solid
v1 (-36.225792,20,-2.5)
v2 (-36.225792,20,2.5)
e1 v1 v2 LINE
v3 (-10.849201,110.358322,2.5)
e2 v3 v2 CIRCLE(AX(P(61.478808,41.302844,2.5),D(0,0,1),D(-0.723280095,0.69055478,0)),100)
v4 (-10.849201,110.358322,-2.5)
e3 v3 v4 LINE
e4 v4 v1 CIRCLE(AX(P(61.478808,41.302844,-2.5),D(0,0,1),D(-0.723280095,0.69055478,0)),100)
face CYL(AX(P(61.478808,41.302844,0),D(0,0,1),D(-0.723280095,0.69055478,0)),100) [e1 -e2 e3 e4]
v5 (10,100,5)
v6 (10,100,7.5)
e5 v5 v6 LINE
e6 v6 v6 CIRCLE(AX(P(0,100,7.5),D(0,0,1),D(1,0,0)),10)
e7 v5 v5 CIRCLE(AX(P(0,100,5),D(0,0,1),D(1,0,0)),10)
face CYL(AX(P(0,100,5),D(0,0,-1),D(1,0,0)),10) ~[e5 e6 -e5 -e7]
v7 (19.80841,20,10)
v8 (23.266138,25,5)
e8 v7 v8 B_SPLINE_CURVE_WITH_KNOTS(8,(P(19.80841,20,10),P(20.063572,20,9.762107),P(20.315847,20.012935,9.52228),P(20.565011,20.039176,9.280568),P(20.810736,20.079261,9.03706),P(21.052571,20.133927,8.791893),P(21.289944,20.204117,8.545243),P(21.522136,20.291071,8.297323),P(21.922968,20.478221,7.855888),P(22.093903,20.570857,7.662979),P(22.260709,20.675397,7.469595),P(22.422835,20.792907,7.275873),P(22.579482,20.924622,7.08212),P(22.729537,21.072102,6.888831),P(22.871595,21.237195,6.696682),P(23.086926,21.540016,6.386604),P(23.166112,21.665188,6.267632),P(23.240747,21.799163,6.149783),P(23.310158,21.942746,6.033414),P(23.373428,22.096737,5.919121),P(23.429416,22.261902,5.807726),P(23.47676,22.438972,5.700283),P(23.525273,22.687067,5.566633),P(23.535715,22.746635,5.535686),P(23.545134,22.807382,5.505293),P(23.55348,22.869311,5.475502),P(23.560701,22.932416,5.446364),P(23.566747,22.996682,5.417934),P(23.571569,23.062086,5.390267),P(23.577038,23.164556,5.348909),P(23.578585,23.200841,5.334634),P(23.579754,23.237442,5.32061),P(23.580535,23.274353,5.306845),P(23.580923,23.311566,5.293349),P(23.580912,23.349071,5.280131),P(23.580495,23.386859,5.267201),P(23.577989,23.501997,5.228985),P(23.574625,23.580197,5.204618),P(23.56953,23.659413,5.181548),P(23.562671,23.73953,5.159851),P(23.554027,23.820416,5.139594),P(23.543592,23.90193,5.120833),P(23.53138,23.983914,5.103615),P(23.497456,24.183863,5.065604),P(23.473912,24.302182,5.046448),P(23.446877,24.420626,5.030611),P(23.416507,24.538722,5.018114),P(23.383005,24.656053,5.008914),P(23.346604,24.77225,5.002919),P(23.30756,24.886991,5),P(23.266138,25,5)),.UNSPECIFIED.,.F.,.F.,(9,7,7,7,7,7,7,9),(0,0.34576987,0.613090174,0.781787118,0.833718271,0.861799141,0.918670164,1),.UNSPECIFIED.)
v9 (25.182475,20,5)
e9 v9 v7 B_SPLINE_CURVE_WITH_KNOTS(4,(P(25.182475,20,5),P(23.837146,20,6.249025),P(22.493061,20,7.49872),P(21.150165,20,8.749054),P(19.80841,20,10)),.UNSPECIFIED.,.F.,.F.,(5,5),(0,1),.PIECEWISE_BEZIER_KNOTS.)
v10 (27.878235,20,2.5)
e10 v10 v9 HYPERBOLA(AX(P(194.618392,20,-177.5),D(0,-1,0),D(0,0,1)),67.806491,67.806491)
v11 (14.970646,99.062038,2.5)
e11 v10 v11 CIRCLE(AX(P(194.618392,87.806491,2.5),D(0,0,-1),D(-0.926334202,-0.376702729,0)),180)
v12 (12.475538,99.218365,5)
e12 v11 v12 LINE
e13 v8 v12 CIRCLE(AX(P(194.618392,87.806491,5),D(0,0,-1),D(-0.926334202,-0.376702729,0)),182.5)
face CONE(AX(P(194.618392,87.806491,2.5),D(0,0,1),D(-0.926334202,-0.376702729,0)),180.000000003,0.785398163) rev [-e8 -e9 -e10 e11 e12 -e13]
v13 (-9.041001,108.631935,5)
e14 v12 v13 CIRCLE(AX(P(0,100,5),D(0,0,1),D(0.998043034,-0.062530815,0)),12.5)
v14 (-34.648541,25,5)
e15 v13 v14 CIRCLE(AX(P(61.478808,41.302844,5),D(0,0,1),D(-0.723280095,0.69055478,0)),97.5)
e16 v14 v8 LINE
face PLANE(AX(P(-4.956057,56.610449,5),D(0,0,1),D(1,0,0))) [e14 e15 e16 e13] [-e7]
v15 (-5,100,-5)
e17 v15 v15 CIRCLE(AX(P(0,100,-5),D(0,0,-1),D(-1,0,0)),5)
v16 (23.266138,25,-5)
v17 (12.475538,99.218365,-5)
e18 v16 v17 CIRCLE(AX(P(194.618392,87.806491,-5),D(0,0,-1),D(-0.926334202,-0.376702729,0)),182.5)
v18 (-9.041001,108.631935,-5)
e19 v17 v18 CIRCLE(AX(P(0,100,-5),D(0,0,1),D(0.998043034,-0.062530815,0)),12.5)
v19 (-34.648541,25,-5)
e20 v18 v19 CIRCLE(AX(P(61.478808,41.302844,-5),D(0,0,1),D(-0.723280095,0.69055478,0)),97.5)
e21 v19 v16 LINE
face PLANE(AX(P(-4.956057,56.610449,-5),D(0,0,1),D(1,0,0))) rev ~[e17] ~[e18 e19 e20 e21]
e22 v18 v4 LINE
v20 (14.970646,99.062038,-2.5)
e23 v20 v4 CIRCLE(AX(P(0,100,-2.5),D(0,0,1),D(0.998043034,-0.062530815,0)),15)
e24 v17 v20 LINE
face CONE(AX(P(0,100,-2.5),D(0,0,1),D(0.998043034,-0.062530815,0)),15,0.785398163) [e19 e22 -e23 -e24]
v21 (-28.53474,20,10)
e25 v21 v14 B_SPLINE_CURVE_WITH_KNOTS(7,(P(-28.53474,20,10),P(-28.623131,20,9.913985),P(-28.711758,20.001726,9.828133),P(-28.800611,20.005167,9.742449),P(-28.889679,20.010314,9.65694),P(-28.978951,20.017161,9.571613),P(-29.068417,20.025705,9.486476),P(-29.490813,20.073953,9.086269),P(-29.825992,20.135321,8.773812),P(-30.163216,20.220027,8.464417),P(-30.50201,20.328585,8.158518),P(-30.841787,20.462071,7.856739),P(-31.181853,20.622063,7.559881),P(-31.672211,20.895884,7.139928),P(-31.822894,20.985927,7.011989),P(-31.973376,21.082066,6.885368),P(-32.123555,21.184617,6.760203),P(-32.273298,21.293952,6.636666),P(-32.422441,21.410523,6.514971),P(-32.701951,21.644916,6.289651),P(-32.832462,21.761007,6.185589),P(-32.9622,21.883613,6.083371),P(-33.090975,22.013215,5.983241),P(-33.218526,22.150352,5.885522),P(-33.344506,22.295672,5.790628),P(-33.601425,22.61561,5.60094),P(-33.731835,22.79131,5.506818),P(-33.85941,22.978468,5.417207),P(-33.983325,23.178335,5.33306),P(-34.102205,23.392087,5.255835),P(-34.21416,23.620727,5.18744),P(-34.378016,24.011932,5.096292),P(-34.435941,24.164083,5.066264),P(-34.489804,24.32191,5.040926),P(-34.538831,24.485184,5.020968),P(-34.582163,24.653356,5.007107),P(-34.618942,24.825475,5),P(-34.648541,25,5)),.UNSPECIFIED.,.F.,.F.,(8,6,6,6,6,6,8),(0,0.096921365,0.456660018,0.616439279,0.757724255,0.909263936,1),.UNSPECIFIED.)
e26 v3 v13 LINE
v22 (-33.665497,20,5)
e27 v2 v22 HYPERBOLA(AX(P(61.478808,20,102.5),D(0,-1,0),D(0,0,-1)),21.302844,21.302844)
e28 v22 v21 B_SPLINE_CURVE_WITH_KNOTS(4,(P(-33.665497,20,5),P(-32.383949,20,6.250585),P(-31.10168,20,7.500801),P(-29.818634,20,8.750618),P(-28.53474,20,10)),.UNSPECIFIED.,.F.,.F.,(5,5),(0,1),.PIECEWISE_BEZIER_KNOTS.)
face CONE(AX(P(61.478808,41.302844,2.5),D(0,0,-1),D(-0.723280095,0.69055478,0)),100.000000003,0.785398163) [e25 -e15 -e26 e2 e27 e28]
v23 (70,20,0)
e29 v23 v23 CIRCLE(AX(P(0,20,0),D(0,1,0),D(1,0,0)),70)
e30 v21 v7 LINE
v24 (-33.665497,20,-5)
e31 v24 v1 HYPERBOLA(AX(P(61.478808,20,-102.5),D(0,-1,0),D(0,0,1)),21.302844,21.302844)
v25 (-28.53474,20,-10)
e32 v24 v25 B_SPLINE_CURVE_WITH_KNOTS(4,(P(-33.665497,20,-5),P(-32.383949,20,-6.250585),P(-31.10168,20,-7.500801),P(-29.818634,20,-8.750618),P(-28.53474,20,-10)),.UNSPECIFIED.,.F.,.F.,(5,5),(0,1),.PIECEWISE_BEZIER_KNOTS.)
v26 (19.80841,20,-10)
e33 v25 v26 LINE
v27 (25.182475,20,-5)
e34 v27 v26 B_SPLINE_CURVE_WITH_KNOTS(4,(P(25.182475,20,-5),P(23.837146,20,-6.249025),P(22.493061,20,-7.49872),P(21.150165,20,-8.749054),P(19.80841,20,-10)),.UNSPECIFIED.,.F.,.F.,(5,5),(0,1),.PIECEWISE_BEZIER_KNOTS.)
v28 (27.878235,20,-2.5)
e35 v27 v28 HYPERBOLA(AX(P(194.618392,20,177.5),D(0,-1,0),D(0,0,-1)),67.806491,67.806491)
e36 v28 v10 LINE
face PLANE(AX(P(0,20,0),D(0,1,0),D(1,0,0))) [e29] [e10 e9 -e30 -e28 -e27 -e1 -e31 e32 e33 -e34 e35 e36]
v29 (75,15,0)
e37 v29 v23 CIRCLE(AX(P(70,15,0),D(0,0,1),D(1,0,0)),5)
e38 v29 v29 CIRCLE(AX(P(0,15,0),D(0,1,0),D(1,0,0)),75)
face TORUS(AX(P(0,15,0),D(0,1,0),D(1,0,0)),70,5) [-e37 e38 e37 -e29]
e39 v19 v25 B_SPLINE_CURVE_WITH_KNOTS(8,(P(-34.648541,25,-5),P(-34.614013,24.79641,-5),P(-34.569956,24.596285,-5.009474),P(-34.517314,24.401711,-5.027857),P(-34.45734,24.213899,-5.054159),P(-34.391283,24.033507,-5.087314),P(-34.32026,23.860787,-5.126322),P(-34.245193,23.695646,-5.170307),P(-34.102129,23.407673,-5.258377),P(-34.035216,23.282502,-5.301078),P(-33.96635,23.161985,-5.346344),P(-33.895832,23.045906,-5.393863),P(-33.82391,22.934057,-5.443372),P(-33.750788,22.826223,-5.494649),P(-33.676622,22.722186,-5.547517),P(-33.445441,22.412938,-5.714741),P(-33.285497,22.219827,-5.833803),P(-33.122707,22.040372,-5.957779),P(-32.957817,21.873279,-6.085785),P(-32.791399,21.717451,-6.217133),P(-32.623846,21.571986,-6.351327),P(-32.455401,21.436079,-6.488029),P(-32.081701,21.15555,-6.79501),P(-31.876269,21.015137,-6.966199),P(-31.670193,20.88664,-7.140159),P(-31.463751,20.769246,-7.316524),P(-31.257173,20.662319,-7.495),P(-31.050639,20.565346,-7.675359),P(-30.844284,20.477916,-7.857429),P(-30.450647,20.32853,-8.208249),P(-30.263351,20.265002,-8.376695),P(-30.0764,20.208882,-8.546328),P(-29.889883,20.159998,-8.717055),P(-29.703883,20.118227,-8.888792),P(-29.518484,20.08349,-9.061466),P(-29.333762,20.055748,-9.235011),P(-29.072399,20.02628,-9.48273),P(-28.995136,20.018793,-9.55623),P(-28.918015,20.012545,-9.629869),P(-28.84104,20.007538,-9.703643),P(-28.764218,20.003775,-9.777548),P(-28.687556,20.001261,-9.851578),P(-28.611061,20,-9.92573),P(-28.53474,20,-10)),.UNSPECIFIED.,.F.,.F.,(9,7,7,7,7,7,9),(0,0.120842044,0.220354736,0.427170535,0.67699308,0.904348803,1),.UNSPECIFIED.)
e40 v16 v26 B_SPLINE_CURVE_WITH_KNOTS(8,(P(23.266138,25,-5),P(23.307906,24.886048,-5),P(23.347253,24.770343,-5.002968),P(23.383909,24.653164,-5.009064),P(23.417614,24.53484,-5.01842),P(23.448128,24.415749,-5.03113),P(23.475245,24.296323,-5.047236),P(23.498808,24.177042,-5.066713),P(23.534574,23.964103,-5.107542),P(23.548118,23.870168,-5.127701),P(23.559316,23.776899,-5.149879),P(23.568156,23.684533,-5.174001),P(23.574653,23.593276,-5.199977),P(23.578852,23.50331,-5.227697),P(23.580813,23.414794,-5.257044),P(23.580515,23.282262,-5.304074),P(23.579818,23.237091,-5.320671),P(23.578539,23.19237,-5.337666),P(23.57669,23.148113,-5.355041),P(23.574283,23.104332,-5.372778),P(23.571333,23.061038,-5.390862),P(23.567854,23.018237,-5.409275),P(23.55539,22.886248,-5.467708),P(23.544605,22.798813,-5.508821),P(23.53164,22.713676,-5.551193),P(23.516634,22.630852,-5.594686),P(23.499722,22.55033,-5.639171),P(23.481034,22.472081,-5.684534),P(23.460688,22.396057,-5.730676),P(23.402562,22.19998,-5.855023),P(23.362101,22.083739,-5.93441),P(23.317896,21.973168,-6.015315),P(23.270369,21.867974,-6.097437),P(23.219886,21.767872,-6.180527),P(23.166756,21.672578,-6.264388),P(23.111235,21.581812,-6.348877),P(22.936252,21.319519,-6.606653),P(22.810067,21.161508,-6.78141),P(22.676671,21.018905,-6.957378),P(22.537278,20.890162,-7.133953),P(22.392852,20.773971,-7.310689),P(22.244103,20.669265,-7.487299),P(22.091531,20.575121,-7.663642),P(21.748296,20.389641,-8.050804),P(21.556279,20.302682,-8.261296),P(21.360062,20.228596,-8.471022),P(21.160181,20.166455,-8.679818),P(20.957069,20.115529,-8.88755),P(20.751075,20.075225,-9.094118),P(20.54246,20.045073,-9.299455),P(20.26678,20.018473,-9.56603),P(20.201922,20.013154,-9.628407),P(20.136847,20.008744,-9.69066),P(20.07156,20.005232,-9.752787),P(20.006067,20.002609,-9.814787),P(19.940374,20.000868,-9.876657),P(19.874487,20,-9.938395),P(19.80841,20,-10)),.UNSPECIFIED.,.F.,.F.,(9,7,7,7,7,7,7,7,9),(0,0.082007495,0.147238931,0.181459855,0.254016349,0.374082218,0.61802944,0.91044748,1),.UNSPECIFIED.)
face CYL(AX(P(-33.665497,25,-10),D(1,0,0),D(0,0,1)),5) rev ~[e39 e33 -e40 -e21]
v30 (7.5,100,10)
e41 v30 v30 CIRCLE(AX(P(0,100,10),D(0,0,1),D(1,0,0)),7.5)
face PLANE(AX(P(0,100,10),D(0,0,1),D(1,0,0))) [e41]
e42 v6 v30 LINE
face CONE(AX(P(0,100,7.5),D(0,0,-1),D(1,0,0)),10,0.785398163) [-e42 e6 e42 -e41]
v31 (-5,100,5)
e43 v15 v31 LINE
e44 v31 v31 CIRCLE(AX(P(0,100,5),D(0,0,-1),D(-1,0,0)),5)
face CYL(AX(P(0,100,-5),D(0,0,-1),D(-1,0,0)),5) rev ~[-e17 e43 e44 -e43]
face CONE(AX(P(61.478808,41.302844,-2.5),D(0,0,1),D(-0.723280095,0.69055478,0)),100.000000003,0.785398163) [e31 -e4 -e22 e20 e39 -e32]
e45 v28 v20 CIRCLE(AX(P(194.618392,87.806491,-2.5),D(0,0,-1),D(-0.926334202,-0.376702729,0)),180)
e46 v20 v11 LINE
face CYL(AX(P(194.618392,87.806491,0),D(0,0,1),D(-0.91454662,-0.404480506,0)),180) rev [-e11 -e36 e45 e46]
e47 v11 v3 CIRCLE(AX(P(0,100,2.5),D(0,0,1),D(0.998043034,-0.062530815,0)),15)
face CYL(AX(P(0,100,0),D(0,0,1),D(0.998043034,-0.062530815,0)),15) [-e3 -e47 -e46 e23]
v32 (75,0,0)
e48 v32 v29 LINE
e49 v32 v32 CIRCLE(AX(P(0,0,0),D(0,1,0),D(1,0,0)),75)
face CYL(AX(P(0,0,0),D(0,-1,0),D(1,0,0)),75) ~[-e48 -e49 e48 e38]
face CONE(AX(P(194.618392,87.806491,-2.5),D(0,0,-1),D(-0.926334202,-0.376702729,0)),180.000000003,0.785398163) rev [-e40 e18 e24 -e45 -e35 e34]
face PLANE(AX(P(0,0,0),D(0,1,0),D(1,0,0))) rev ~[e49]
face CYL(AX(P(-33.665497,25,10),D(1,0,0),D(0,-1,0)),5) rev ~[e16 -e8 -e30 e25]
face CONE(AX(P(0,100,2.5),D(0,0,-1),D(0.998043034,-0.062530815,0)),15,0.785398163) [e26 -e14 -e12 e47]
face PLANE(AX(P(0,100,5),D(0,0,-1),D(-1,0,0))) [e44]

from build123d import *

# Parameters (mm, degrees)
SKETCH1_R           = 75
BOSS_EXTRUDE1_DEPTH = 20
FILLET1_R           = 5
BOSS_EXTRUDE2_DEPTH = 5
CHAMFER1_SIZE       = 2.5
FILLET2_R           = 5
SKETCH3_R           = 10
BOSS_EXTRUDE3_DEPTH = 5
CHAMFER2_SIZE       = 2.5
SKETCH4_R           = 5
CUT_EXTRUDE1_DEPTH  = 10


with BuildPart() as part:
    # Sketch1 → Boss-Extrude1 (new body)
    with BuildSketch(Plane(origin=(0, 0, 0), x_dir=(1, 0, 0), z_dir=(0, 1, 0))):
        Circle(SKETCH1_R)
    extrude(amount=BOSS_EXTRUDE1_DEPTH)

    # Fillet1
    fillet1_edges = [part.edges().sort_by_distance(p)[0] for p in [
        (-75, 20, 0),
    ]]
    fillet(fillet1_edges, radius=FILLET1_R)

    # Sketch2 → Boss-Extrude2 (add, symmetric)
    with BuildSketch(Plane.XY):
        with BuildLine():
            Line((-35, 15), (30, 15))
            ThreePointArc((30, 15), (17.428098582, 56.126843631), (14.970645506, 99.06203778))
            ThreePointArc((14.970645506, 99.06203778), (6.012327577, 113.742340307), (-10.849201429, 110.358321696))
            ThreePointArc((-10.849201429, 110.358321696), (-35.460543036, 65.854059614), (-35, 15))
        make_face()
    extrude(amount=BOSS_EXTRUDE2_DEPTH, both=True)

    # Chamfer1
    chamfer1_edges = [part.edges().sort_by_distance(p)[0] for p in [
        (16.970295051, 58.803839559, -5),
        (6.012327577, 113.742340307, -5),
        (-34.796467261, 68.341174934, -5),
        (16.970295051, 58.803839559, 5),
        (6.012327577, 113.742340307, 5),
        (-34.796467261, 68.341174934, 5),
    ]]
    chamfer(chamfer1_edges, length=CHAMFER1_SIZE)

    # Fillet2
    fillet2_edges = [part.edges().sort_by_distance(p)[0] for p in [
        (-4.241511046, 20, -5),
        (-4.241511046, 20, 5),
    ]]
    fillet(fillet2_edges, radius=FILLET2_R)

    # Sketch3 → Boss-Extrude3 (add)
    with BuildSketch(Plane.XY.offset(5)):
        with Locations((0, 100)):
            Circle(SKETCH3_R)
    extrude(amount=BOSS_EXTRUDE3_DEPTH)

    # Chamfer2
    chamfer2_edges = [part.edges().sort_by_distance(p)[0] for p in [
        (-10, 100, 10),
    ]]
    chamfer(chamfer2_edges, length=CHAMFER2_SIZE)

    # Sketch4 → Cut-Extrude1 (cut)
    with BuildSketch(Plane(origin=(0, 0, -5), x_dir=(-1, 0, 0), z_dir=(0, 0, -1))):
        with Locations((0, 100)):
            Circle(SKETCH4_R)
    extrude(amount=-CUT_EXTRUDE1_DEPTH, mode=Mode.SUBTRACT)


solid = part.part
